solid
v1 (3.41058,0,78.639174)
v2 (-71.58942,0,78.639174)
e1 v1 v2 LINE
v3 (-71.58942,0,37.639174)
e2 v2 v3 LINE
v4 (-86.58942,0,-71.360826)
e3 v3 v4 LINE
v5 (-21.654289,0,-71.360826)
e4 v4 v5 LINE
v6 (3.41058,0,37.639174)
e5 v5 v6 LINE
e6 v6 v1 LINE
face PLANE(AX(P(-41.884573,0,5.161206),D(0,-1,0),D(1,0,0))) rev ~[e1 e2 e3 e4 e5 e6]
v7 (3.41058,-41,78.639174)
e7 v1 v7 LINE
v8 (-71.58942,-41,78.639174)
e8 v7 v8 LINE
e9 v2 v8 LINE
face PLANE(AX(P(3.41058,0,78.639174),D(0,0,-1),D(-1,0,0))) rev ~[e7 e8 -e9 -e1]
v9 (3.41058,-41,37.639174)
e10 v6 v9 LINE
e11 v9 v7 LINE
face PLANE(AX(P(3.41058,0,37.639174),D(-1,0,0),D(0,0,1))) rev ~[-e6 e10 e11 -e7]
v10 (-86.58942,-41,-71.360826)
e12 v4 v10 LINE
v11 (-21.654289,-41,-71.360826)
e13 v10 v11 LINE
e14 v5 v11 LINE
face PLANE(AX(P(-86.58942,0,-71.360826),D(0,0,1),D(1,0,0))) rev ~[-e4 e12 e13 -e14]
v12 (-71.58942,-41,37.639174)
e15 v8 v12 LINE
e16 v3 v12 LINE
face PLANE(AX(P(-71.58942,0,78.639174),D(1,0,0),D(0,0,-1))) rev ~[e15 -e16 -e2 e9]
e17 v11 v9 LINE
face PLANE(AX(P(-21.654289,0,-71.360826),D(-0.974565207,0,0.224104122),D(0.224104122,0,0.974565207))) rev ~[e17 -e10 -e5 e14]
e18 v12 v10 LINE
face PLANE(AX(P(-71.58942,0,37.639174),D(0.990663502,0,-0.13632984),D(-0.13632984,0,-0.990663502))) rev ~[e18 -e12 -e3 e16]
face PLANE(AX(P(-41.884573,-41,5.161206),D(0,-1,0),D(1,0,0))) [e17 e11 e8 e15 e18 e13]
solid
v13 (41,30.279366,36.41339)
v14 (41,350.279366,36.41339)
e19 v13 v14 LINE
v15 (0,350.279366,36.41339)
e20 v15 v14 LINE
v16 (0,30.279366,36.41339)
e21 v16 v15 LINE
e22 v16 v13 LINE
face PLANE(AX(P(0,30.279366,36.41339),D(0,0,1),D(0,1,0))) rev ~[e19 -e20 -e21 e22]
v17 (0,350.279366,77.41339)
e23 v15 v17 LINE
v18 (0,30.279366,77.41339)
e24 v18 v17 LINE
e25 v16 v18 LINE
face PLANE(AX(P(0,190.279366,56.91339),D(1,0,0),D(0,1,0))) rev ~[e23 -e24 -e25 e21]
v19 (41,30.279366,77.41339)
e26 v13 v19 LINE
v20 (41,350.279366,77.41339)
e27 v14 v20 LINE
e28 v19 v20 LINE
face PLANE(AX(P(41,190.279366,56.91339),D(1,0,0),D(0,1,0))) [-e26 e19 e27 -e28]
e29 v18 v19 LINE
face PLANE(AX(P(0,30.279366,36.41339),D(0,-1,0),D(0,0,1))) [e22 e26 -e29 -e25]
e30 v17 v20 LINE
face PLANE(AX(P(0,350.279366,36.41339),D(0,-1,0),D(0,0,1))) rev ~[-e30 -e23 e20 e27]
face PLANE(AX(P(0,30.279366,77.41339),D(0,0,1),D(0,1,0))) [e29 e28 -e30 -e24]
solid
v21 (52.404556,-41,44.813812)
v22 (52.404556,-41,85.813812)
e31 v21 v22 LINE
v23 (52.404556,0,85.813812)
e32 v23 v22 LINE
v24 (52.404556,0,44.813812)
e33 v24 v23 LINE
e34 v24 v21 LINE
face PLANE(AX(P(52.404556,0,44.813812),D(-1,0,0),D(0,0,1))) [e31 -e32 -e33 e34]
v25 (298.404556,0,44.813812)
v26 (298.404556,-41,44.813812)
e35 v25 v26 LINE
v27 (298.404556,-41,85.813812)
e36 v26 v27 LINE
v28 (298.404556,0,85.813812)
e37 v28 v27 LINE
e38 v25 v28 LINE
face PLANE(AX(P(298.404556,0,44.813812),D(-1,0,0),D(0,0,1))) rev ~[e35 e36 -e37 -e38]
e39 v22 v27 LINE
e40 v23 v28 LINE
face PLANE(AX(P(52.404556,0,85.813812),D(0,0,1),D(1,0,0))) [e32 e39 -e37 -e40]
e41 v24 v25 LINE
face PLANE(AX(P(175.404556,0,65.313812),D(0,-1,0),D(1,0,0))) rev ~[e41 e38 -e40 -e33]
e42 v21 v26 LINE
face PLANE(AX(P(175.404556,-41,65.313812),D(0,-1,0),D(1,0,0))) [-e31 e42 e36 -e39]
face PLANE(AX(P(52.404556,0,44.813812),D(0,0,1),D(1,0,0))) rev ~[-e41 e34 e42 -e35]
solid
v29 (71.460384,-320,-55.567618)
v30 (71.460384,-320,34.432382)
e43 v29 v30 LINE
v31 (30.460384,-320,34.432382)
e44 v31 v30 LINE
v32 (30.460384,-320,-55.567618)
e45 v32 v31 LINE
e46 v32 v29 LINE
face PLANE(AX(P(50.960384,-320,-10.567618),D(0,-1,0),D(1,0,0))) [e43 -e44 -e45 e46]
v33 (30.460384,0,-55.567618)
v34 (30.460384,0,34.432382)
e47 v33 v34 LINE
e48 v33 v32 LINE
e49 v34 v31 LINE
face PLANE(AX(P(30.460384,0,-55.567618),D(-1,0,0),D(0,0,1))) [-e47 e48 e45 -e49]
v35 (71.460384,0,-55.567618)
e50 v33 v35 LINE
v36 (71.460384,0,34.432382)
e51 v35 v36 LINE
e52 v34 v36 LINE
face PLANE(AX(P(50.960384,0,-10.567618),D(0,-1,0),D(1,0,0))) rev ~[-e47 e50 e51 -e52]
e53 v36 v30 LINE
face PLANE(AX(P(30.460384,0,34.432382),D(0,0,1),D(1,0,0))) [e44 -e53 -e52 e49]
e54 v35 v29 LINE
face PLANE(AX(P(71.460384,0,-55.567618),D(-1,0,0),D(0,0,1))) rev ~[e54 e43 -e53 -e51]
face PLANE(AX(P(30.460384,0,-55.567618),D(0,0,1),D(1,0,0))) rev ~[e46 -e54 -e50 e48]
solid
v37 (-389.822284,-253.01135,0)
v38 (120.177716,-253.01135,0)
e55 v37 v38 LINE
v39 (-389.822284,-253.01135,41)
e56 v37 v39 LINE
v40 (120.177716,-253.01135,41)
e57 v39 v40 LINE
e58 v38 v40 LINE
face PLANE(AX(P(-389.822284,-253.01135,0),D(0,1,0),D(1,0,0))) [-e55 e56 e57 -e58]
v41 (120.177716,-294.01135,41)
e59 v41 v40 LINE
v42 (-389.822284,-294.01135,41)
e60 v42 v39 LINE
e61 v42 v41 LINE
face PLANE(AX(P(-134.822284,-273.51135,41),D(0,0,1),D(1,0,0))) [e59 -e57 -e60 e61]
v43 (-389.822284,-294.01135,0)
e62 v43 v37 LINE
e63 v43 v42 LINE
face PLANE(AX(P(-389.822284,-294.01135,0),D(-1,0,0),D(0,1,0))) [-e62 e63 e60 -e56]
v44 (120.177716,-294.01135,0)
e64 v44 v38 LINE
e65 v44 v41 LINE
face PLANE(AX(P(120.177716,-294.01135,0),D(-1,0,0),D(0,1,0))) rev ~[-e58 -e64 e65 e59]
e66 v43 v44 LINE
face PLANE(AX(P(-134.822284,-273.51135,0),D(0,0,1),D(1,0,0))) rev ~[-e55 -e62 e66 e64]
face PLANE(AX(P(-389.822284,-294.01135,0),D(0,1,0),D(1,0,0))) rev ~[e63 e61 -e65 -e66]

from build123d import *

# Parameters (mm, degrees)
F1_DEPTH = 41
F2_W     = 246
F2_H     = 41
F3_DEPTH = 41
F4_W     = 320
F4_H     = 41
F5_DEPTH = 41
F6_W     = 510
F6_H     = 41
F7_DEPTH = 41
F8_W     = 41
F8_H     = 90
F9_DEPTH = 320


with BuildPart() as f1:
    # F0 (on Front) → F1 (new body)
    with BuildSketch(Plane.XZ):
        Polygon((3.41058, 78.639174), (-71.58942, 78.639174), (-71.58942, 37.639174), (-86.58942, -71.360826), (-21.654289, -71.360826), (3.41058, 37.639174), align=None)
    extrude(amount=F1_DEPTH)


with BuildPart() as f3:
    # F2 (on Front) → F3 (new body)
    with BuildSketch(Plane.XZ):
        with Locations((175.404556, 65.313812)):
            Rectangle(F2_W, F2_H)
    extrude(amount=F3_DEPTH)


with BuildPart() as f5:
    # F4 (on Right) → F5 (new body)
    with BuildSketch(Plane.YZ):
        with Locations((190.279366, 56.91339)):
            Rectangle(F4_W, F4_H)
    extrude(amount=F5_DEPTH)


with BuildPart() as f7:
    # F6 (on Top) → F7 (new body)
    with BuildSketch(Plane.XY):
        with Locations((-134.822284, -273.51135)):
            Rectangle(F6_W, F6_H)
    extrude(amount=F7_DEPTH)


with BuildPart() as f9:
    # F8 (on Front) → F9 (new body)
    with BuildSketch(Plane.XZ):
        with Locations((50.960384, -10.567618)):
            Rectangle(F8_W, F8_H)
    extrude(amount=F9_DEPTH)


solid = Compound([f1.part, f3.part, f5.part, f7.part, f9.part])
